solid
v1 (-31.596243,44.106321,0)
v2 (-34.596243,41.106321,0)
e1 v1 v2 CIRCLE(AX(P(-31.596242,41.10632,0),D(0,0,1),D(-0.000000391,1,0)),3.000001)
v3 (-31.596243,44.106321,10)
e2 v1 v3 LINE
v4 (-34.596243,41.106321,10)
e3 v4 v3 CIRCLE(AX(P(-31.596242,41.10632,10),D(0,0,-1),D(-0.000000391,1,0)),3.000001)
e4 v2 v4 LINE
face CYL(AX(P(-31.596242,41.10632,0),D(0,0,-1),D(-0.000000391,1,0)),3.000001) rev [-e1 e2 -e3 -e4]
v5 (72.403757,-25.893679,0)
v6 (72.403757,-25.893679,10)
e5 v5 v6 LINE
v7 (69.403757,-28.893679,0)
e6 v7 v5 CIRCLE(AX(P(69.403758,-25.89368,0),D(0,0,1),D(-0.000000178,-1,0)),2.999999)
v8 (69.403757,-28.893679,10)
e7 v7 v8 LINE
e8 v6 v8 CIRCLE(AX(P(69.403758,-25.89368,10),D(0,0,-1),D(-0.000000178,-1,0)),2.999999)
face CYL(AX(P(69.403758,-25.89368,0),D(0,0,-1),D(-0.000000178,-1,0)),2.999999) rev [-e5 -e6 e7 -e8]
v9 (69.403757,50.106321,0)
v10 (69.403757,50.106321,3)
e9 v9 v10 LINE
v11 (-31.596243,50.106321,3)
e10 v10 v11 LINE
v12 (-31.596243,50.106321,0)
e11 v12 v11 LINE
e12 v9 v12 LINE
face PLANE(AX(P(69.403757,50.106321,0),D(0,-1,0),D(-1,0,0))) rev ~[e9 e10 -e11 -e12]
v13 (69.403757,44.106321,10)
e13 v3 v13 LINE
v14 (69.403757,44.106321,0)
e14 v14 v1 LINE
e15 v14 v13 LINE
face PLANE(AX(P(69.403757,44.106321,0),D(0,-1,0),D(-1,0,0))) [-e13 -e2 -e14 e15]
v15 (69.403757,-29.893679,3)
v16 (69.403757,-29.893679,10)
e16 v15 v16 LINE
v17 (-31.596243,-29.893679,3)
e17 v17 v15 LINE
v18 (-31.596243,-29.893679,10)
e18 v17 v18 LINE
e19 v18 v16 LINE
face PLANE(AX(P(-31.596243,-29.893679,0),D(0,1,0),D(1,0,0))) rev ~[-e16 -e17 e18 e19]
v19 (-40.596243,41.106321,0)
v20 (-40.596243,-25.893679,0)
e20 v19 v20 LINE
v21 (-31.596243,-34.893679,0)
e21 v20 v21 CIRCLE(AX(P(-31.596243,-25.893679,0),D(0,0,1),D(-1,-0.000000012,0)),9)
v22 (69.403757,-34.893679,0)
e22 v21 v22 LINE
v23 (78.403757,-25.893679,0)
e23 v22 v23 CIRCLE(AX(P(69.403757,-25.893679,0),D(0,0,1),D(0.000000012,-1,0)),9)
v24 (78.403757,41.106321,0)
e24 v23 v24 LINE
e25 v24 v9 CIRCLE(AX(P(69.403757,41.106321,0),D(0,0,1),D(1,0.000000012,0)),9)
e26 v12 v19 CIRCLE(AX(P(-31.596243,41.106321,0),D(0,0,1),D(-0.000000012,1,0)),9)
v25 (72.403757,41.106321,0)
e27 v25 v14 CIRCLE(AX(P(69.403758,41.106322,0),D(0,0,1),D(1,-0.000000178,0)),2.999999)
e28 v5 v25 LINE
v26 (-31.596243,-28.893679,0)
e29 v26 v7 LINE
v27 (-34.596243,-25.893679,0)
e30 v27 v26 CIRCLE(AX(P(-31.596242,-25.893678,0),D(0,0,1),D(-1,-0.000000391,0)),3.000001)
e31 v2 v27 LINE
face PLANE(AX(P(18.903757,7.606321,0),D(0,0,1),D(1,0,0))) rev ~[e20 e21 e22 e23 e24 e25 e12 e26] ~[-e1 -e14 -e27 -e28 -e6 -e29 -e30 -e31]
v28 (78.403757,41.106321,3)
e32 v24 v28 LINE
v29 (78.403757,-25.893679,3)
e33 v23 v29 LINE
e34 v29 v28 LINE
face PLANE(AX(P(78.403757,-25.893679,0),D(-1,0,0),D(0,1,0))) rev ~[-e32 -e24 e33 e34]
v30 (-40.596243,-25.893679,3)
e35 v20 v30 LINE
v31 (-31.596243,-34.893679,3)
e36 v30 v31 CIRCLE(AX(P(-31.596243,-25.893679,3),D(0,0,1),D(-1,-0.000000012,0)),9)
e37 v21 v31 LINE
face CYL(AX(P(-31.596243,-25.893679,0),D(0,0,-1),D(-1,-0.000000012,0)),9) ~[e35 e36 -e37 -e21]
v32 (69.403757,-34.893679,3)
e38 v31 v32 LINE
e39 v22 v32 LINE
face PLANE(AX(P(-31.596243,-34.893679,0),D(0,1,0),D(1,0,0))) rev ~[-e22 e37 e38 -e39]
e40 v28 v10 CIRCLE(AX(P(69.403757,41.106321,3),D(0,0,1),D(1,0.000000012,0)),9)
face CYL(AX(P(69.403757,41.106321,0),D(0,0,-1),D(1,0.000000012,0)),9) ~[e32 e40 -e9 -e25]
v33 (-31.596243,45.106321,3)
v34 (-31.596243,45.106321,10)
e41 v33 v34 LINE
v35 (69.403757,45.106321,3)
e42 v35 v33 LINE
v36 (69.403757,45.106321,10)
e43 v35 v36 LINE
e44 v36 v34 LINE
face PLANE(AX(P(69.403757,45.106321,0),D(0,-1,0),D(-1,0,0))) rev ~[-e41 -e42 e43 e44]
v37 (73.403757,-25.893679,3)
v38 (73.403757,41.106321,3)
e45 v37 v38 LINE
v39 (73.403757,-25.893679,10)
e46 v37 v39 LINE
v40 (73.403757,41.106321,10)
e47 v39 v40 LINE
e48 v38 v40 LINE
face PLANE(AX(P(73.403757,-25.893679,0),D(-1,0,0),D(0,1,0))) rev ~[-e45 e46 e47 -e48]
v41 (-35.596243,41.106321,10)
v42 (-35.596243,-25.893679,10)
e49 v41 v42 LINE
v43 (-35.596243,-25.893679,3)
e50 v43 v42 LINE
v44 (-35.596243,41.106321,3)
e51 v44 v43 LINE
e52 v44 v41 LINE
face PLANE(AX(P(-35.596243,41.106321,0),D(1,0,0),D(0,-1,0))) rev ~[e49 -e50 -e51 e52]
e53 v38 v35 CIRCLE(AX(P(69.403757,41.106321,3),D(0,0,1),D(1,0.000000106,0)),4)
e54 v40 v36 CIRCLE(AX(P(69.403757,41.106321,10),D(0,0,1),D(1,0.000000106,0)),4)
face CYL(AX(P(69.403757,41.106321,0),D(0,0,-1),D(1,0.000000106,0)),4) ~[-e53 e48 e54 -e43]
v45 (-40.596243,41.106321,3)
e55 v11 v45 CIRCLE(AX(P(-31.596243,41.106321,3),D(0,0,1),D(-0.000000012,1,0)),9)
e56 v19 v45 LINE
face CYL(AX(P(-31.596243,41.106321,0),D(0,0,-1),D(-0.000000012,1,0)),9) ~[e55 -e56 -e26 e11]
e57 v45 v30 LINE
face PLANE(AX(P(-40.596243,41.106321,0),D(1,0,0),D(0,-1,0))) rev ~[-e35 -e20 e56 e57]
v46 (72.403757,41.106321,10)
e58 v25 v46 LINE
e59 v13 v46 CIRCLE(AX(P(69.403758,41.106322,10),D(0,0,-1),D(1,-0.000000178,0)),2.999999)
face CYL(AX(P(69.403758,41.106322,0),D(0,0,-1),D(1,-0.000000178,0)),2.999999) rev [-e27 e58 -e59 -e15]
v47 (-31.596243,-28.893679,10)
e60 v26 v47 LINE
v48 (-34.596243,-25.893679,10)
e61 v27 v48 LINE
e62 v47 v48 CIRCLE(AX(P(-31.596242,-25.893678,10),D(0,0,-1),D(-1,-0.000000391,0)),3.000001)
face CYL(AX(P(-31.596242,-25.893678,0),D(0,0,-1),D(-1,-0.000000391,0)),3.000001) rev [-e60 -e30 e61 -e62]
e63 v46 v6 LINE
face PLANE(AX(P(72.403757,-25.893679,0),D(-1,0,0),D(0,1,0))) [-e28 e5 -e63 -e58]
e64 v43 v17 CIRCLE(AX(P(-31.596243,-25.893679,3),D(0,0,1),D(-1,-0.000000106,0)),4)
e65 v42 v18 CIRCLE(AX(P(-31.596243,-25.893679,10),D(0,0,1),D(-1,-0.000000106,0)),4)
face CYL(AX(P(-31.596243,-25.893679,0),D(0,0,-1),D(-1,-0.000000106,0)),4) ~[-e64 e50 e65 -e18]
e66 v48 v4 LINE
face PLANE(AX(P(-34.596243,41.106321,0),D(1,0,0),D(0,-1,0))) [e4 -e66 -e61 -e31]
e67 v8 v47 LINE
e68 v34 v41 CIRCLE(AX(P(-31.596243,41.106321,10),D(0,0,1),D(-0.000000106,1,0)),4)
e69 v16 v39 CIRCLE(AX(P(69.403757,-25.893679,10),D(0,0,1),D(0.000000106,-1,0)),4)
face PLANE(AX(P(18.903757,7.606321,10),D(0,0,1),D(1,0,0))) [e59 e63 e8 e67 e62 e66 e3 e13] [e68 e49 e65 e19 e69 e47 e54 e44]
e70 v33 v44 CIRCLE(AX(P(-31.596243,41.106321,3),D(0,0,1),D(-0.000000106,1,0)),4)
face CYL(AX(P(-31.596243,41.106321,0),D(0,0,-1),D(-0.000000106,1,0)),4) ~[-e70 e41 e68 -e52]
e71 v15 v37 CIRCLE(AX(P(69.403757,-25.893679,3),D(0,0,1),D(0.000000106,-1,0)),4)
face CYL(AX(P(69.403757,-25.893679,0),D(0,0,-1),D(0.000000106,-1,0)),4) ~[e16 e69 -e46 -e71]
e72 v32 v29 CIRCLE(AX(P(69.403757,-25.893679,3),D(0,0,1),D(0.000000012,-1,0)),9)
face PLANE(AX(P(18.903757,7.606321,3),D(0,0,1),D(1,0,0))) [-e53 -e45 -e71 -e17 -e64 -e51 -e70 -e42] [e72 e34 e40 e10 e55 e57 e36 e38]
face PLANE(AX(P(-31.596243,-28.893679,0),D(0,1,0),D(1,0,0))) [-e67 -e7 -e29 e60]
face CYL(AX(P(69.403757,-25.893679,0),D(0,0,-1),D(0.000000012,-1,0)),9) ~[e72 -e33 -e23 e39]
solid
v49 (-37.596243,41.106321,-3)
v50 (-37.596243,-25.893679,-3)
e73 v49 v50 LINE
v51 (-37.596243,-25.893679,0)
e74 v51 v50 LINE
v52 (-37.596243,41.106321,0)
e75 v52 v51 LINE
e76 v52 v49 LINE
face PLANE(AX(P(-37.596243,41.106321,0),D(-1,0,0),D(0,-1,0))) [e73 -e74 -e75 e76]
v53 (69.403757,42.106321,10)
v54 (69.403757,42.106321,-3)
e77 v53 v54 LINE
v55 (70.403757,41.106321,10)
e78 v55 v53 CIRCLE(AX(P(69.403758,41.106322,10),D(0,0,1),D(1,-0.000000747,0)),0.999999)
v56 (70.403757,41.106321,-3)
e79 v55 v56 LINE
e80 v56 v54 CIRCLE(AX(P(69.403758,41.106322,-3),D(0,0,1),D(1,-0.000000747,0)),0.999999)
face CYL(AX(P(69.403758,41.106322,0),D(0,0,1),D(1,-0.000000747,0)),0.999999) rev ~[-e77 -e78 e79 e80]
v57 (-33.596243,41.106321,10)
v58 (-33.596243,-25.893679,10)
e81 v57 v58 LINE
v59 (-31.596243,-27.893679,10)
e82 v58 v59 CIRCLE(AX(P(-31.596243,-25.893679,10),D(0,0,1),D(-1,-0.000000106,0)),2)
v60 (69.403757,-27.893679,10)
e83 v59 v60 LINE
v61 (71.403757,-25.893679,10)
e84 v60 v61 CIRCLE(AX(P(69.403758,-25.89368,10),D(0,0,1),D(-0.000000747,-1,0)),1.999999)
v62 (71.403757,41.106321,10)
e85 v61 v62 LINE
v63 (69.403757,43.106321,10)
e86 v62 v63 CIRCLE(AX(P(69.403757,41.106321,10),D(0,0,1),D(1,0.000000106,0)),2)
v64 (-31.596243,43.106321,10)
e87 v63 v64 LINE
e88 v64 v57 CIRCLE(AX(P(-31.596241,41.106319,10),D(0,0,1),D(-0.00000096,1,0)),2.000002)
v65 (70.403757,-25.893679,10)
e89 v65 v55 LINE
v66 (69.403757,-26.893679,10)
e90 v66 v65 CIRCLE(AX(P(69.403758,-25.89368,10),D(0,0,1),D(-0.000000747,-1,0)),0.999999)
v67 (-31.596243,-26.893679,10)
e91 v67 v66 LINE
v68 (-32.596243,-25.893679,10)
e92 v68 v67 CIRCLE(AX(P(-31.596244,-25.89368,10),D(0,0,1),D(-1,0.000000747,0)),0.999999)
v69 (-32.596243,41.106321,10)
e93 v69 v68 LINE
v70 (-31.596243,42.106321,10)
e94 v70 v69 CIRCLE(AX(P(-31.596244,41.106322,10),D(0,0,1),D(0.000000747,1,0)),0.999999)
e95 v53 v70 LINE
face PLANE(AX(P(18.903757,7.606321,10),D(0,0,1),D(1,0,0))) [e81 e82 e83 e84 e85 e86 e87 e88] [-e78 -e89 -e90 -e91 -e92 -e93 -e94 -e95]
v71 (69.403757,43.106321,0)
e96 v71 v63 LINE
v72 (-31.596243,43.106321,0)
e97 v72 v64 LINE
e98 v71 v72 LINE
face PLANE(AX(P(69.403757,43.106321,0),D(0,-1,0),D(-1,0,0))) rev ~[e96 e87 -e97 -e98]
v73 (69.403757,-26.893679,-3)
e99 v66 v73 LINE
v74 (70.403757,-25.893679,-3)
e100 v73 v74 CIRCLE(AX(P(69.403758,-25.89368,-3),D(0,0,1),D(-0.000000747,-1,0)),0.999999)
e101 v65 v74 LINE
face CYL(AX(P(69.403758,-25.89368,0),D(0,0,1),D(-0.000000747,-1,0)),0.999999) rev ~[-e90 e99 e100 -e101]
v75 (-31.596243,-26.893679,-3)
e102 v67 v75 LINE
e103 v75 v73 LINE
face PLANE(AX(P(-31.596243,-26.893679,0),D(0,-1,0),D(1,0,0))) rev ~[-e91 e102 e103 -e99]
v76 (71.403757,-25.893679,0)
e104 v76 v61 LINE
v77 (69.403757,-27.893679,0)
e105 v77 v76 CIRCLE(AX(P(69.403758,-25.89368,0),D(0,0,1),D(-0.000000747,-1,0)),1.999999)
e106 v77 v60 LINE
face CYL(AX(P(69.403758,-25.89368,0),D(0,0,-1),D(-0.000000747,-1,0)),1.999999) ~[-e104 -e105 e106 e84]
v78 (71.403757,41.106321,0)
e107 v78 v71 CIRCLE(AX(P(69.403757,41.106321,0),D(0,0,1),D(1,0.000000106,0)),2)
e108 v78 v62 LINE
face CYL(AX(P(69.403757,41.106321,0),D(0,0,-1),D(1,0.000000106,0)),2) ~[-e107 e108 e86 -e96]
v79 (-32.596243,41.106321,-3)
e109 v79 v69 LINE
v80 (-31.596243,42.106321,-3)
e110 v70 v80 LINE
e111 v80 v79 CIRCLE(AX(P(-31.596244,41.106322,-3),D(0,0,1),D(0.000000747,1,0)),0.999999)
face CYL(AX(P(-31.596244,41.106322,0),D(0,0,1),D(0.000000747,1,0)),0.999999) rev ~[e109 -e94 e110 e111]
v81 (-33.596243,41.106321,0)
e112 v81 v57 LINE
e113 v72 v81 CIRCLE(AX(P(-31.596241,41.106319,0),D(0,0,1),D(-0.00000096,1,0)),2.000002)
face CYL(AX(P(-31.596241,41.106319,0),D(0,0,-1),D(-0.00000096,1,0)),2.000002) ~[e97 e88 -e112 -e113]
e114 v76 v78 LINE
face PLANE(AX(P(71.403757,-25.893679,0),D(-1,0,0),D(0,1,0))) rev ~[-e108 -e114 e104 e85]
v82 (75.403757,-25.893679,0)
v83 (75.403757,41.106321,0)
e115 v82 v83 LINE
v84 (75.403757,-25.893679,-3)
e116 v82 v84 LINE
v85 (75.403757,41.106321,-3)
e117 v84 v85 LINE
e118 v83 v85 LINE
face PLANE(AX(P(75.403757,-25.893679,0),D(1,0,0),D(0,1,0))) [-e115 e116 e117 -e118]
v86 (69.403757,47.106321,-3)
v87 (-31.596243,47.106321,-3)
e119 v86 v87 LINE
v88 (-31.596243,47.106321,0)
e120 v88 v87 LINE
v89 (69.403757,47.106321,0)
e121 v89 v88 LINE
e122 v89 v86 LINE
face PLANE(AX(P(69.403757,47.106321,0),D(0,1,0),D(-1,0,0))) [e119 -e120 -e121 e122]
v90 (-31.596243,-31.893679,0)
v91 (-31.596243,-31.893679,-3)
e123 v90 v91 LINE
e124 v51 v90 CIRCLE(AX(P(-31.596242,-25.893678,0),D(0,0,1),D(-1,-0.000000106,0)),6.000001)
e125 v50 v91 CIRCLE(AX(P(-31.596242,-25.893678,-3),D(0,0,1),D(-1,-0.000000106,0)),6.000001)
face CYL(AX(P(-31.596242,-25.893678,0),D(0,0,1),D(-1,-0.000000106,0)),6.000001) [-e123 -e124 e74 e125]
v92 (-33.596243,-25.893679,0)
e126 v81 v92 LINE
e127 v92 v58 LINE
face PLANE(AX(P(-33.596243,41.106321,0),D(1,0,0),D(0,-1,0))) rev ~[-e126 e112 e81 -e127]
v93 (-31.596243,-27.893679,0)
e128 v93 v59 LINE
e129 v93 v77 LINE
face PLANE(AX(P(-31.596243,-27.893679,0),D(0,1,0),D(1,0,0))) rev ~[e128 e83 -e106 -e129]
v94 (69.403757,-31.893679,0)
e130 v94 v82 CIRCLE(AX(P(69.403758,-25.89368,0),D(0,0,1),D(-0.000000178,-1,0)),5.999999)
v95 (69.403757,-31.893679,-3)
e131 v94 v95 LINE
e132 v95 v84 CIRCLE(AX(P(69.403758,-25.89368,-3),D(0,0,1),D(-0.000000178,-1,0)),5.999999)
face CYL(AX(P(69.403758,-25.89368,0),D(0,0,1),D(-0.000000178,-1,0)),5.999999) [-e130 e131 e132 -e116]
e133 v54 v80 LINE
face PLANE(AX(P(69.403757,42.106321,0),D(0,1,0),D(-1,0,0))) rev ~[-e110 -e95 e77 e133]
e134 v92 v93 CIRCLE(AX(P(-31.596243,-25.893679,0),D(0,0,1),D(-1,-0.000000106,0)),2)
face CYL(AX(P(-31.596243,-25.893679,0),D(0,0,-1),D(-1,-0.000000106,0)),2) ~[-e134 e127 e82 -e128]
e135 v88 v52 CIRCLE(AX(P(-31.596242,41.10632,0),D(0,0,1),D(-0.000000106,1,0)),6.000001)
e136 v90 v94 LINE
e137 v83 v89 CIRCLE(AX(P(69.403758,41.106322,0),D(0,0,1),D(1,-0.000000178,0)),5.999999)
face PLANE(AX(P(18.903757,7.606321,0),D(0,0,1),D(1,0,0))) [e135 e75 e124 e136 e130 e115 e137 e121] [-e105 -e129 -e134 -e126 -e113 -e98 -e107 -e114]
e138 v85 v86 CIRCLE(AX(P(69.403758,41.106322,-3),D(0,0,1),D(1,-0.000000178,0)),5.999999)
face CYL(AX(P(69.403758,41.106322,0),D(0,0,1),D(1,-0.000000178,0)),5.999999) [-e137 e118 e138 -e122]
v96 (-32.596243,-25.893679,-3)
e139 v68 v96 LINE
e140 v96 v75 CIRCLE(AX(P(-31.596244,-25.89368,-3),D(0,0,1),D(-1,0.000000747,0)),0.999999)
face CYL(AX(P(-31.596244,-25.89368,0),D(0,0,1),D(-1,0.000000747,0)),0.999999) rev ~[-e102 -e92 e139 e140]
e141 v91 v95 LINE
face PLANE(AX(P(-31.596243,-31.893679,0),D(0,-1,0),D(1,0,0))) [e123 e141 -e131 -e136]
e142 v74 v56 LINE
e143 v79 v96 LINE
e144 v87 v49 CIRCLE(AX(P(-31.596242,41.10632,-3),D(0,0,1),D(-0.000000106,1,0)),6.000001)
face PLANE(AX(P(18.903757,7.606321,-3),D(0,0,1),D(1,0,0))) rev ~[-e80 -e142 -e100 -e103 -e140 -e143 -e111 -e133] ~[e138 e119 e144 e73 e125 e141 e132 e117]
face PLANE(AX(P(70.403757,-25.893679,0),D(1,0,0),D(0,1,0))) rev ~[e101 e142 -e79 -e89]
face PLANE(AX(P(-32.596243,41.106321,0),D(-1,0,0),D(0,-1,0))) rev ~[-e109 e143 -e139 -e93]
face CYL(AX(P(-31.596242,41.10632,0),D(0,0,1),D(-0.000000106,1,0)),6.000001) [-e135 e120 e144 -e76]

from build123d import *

# Parameters (mm, degrees)
PAD_DEPTH    = 3
PAD001_DEPTH = 10
POCKET_DEPTH = 10.001
PAD002_DEPTH = 10
PAD003_DEPTH = 3


with BuildPart() as body:
    # Sketch004 → Pad (new body)
    with BuildSketch(Plane.XY):
        with BuildLine():
            Line((-40.596243, 41.106321), (-40.596243, -25.893679))
            ThreePointArc((-40.596243, -25.893679), (-37.960204, -32.25764), (-31.596243, -34.893679))
            Line((-31.596243, -34.893679), (69.403757, -34.893679))
            ThreePointArc((69.403757, -34.893679), (75.767718, -32.25764), (78.403757, -25.893679))
            Line((78.403757, -25.893679), (78.403757, 41.106321))
            ThreePointArc((78.403757, 41.106321), (75.767718, 47.470282), (69.403757, 50.106321))
            Line((69.403757, 50.106321), (-31.596243, 50.106321))
            ThreePointArc((-31.596243, 50.106321), (-37.960204, 47.470282), (-40.596243, 41.106321))
        make_face()
        with BuildLine():
            Line((-35.596243, 41.106321), (-35.596243, -25.893679))
            ThreePointArc((-35.596243, -25.893679), (-34.42467, -28.722106), (-31.596243, -29.893679))
            Line((-31.596243, -29.893679), (69.403757, -29.893679))
            ThreePointArc((69.403757, -29.893679), (72.232184, -28.722106), (73.403757, -25.893679))
            Line((73.403757, -25.893679), (73.403757, 41.106321))
            ThreePointArc((73.403757, 41.106321), (72.232184, 43.934748), (69.403757, 45.106321))
            Line((69.403757, 45.106321), (-31.596243, 45.106321))
            ThreePointArc((-31.596243, 45.106321), (-34.42467, 43.934748), (-35.596243, 41.106321))
        make_face(mode=Mode.SUBTRACT)
    extrude(amount=PAD_DEPTH)

    # Sketch003 → Pad001 (join)
    with BuildSketch(Plane.XY):
        with BuildLine():
            Line((-35.596243, 41.106321), (-35.596243, -25.893679))
            ThreePointArc((-35.596243, -25.893679), (-34.42467, -28.722106), (-31.596243, -29.893679))
            Line((-31.596243, -29.893679), (69.403757, -29.893679))
            ThreePointArc((69.403757, -29.893679), (72.232184, -28.722106), (73.403757, -25.893679))
            Line((73.403757, -25.893679), (73.403757, 41.106321))
            ThreePointArc((73.403757, 41.106321), (72.232184, 43.934748), (69.403757, 45.106321))
            Line((69.403757, 45.106321), (-31.596243, 45.106321))
            ThreePointArc((-31.596243, 45.106321), (-34.42467, 43.934748), (-35.596243, 41.106321))
        make_face()
    extrude(amount=PAD001_DEPTH)

    # Sketch005 → Pocket (cut, through all)
    with BuildSketch(Plane(origin=(0, 0, 0), x_dir=(-1, 0, 0), z_dir=(0, 0, 1))):
        with BuildLine():
            Line((34.596243, -41.106321), (34.596243, 25.893679))
            ThreePointArc((34.596243, 25.893679), (33.717563, 28.014999), (31.596243, 28.893679))
            Line((31.596243, 28.893679), (-69.403757, 28.893679))
            ThreePointArc((-69.403757, 28.893679), (-71.525078, 28.014999), (-72.403757, 25.893679))
            Line((-72.403757, 25.893679), (-72.403757, -41.106321))
            ThreePointArc((-72.403757, -41.106321), (-71.525078, -43.227641), (-69.403757, -44.106321))
            Line((-69.403757, -44.106321), (31.596243, -44.106321))
            ThreePointArc((31.596243, -44.106321), (33.717563, -43.227641), (34.596243, -41.106321))
        make_face()
    extrude(amount=POCKET_DEPTH, mode=Mode.SUBTRACT)


with BuildPart() as body001:
    # Sketch009 → Pad002 (new body)
    with BuildSketch(Plane.XY):
        with BuildLine():
            Line((-33.596243, 41.106321), (-33.596243, -25.893679))
            ThreePointArc((-33.596243, -25.893679), (-33.010456, -27.307893), (-31.596243, -27.893679))
            Line((-31.596243, -27.893679), (69.403757, -27.893679))
            ThreePointArc((69.403757, -27.893679), (70.817971, -27.307893), (71.403757, -25.893679))
            Line((71.403757, -25.893679), (71.403757, 41.106321))
            ThreePointArc((71.403757, 41.106321), (70.817971, 42.520534), (69.403757, 43.106321))
            Line((69.403757, 43.106321), (-31.596243, 43.106321))
            ThreePointArc((-31.596243, 43.106321), (-33.010456, 42.520534), (-33.596243, 41.106321))
        make_face()
        with BuildLine():
            Line((-32.596243, 41.106321), (-32.596243, -25.893679))
            ThreePointArc((-32.596243, -25.893679), (-32.30335, -26.600786), (-31.596243, -26.893679))
            Line((-31.596243, -26.893679), (69.403757, -26.893679))
            ThreePointArc((69.403757, -26.893679), (70.110864, -26.600786), (70.403757, -25.893679))
            Line((70.403757, -25.893679), (70.403757, 41.106321))
            ThreePointArc((70.403757, 41.106321), (70.110864, 41.813428), (69.403757, 42.106321))
            Line((69.403757, 42.106321), (-31.596243, 42.106321))
            ThreePointArc((-31.596243, 42.106321), (-32.30335, 41.813428), (-32.596243, 41.106321))
        make_face(mode=Mode.SUBTRACT)
    extrude(amount=PAD002_DEPTH)

    # Sketch011 → Pad003 (join)
    with BuildSketch(Plane.XY):
        with BuildLine():
            Line((-37.596243, 41.106321), (-37.596243, -25.893679))
            ThreePointArc((-37.596243, -25.893679), (-35.838883, -30.13632), (-31.596243, -31.893679))
            Line((-31.596243, -31.893679), (69.403757, -31.893679))
            ThreePointArc((69.403757, -31.893679), (73.646398, -30.13632), (75.403757, -25.893679))
            Line((75.403757, -25.893679), (75.403757, 41.106321))
            ThreePointArc((75.403757, 41.106321), (73.646398, 45.348962), (69.403757, 47.106321))
            Line((69.403757, 47.106321), (-31.596243, 47.106321))
            ThreePointArc((-31.596243, 47.106321), (-35.838883, 45.348962), (-37.596243, 41.106321))
        make_face()
        with BuildLine():
            Line((-32.596243, 41.106321), (-32.596243, -25.893679))
            ThreePointArc((-32.596243, -25.893679), (-32.30335, -26.600786), (-31.596243, -26.893679))
            Line((-31.596243, -26.893679), (69.403757, -26.893679))
            ThreePointArc((69.403757, -26.893679), (70.110864, -26.600786), (70.403757, -25.893679))
            Line((70.403757, -25.893679), (70.403757, 41.106321))
            ThreePointArc((70.403757, 41.106321), (70.110864, 41.813428), (69.403757, 42.106321))
            Line((69.403757, 42.106321), (-31.596243, 42.106321))
            ThreePointArc((-31.596243, 42.106321), (-32.30335, 41.813428), (-32.596243, 41.106321))
        make_face(mode=Mode.SUBTRACT)
    extrude(amount=-PAD003_DEPTH)


solid = Compound([body.part, body001.part])
